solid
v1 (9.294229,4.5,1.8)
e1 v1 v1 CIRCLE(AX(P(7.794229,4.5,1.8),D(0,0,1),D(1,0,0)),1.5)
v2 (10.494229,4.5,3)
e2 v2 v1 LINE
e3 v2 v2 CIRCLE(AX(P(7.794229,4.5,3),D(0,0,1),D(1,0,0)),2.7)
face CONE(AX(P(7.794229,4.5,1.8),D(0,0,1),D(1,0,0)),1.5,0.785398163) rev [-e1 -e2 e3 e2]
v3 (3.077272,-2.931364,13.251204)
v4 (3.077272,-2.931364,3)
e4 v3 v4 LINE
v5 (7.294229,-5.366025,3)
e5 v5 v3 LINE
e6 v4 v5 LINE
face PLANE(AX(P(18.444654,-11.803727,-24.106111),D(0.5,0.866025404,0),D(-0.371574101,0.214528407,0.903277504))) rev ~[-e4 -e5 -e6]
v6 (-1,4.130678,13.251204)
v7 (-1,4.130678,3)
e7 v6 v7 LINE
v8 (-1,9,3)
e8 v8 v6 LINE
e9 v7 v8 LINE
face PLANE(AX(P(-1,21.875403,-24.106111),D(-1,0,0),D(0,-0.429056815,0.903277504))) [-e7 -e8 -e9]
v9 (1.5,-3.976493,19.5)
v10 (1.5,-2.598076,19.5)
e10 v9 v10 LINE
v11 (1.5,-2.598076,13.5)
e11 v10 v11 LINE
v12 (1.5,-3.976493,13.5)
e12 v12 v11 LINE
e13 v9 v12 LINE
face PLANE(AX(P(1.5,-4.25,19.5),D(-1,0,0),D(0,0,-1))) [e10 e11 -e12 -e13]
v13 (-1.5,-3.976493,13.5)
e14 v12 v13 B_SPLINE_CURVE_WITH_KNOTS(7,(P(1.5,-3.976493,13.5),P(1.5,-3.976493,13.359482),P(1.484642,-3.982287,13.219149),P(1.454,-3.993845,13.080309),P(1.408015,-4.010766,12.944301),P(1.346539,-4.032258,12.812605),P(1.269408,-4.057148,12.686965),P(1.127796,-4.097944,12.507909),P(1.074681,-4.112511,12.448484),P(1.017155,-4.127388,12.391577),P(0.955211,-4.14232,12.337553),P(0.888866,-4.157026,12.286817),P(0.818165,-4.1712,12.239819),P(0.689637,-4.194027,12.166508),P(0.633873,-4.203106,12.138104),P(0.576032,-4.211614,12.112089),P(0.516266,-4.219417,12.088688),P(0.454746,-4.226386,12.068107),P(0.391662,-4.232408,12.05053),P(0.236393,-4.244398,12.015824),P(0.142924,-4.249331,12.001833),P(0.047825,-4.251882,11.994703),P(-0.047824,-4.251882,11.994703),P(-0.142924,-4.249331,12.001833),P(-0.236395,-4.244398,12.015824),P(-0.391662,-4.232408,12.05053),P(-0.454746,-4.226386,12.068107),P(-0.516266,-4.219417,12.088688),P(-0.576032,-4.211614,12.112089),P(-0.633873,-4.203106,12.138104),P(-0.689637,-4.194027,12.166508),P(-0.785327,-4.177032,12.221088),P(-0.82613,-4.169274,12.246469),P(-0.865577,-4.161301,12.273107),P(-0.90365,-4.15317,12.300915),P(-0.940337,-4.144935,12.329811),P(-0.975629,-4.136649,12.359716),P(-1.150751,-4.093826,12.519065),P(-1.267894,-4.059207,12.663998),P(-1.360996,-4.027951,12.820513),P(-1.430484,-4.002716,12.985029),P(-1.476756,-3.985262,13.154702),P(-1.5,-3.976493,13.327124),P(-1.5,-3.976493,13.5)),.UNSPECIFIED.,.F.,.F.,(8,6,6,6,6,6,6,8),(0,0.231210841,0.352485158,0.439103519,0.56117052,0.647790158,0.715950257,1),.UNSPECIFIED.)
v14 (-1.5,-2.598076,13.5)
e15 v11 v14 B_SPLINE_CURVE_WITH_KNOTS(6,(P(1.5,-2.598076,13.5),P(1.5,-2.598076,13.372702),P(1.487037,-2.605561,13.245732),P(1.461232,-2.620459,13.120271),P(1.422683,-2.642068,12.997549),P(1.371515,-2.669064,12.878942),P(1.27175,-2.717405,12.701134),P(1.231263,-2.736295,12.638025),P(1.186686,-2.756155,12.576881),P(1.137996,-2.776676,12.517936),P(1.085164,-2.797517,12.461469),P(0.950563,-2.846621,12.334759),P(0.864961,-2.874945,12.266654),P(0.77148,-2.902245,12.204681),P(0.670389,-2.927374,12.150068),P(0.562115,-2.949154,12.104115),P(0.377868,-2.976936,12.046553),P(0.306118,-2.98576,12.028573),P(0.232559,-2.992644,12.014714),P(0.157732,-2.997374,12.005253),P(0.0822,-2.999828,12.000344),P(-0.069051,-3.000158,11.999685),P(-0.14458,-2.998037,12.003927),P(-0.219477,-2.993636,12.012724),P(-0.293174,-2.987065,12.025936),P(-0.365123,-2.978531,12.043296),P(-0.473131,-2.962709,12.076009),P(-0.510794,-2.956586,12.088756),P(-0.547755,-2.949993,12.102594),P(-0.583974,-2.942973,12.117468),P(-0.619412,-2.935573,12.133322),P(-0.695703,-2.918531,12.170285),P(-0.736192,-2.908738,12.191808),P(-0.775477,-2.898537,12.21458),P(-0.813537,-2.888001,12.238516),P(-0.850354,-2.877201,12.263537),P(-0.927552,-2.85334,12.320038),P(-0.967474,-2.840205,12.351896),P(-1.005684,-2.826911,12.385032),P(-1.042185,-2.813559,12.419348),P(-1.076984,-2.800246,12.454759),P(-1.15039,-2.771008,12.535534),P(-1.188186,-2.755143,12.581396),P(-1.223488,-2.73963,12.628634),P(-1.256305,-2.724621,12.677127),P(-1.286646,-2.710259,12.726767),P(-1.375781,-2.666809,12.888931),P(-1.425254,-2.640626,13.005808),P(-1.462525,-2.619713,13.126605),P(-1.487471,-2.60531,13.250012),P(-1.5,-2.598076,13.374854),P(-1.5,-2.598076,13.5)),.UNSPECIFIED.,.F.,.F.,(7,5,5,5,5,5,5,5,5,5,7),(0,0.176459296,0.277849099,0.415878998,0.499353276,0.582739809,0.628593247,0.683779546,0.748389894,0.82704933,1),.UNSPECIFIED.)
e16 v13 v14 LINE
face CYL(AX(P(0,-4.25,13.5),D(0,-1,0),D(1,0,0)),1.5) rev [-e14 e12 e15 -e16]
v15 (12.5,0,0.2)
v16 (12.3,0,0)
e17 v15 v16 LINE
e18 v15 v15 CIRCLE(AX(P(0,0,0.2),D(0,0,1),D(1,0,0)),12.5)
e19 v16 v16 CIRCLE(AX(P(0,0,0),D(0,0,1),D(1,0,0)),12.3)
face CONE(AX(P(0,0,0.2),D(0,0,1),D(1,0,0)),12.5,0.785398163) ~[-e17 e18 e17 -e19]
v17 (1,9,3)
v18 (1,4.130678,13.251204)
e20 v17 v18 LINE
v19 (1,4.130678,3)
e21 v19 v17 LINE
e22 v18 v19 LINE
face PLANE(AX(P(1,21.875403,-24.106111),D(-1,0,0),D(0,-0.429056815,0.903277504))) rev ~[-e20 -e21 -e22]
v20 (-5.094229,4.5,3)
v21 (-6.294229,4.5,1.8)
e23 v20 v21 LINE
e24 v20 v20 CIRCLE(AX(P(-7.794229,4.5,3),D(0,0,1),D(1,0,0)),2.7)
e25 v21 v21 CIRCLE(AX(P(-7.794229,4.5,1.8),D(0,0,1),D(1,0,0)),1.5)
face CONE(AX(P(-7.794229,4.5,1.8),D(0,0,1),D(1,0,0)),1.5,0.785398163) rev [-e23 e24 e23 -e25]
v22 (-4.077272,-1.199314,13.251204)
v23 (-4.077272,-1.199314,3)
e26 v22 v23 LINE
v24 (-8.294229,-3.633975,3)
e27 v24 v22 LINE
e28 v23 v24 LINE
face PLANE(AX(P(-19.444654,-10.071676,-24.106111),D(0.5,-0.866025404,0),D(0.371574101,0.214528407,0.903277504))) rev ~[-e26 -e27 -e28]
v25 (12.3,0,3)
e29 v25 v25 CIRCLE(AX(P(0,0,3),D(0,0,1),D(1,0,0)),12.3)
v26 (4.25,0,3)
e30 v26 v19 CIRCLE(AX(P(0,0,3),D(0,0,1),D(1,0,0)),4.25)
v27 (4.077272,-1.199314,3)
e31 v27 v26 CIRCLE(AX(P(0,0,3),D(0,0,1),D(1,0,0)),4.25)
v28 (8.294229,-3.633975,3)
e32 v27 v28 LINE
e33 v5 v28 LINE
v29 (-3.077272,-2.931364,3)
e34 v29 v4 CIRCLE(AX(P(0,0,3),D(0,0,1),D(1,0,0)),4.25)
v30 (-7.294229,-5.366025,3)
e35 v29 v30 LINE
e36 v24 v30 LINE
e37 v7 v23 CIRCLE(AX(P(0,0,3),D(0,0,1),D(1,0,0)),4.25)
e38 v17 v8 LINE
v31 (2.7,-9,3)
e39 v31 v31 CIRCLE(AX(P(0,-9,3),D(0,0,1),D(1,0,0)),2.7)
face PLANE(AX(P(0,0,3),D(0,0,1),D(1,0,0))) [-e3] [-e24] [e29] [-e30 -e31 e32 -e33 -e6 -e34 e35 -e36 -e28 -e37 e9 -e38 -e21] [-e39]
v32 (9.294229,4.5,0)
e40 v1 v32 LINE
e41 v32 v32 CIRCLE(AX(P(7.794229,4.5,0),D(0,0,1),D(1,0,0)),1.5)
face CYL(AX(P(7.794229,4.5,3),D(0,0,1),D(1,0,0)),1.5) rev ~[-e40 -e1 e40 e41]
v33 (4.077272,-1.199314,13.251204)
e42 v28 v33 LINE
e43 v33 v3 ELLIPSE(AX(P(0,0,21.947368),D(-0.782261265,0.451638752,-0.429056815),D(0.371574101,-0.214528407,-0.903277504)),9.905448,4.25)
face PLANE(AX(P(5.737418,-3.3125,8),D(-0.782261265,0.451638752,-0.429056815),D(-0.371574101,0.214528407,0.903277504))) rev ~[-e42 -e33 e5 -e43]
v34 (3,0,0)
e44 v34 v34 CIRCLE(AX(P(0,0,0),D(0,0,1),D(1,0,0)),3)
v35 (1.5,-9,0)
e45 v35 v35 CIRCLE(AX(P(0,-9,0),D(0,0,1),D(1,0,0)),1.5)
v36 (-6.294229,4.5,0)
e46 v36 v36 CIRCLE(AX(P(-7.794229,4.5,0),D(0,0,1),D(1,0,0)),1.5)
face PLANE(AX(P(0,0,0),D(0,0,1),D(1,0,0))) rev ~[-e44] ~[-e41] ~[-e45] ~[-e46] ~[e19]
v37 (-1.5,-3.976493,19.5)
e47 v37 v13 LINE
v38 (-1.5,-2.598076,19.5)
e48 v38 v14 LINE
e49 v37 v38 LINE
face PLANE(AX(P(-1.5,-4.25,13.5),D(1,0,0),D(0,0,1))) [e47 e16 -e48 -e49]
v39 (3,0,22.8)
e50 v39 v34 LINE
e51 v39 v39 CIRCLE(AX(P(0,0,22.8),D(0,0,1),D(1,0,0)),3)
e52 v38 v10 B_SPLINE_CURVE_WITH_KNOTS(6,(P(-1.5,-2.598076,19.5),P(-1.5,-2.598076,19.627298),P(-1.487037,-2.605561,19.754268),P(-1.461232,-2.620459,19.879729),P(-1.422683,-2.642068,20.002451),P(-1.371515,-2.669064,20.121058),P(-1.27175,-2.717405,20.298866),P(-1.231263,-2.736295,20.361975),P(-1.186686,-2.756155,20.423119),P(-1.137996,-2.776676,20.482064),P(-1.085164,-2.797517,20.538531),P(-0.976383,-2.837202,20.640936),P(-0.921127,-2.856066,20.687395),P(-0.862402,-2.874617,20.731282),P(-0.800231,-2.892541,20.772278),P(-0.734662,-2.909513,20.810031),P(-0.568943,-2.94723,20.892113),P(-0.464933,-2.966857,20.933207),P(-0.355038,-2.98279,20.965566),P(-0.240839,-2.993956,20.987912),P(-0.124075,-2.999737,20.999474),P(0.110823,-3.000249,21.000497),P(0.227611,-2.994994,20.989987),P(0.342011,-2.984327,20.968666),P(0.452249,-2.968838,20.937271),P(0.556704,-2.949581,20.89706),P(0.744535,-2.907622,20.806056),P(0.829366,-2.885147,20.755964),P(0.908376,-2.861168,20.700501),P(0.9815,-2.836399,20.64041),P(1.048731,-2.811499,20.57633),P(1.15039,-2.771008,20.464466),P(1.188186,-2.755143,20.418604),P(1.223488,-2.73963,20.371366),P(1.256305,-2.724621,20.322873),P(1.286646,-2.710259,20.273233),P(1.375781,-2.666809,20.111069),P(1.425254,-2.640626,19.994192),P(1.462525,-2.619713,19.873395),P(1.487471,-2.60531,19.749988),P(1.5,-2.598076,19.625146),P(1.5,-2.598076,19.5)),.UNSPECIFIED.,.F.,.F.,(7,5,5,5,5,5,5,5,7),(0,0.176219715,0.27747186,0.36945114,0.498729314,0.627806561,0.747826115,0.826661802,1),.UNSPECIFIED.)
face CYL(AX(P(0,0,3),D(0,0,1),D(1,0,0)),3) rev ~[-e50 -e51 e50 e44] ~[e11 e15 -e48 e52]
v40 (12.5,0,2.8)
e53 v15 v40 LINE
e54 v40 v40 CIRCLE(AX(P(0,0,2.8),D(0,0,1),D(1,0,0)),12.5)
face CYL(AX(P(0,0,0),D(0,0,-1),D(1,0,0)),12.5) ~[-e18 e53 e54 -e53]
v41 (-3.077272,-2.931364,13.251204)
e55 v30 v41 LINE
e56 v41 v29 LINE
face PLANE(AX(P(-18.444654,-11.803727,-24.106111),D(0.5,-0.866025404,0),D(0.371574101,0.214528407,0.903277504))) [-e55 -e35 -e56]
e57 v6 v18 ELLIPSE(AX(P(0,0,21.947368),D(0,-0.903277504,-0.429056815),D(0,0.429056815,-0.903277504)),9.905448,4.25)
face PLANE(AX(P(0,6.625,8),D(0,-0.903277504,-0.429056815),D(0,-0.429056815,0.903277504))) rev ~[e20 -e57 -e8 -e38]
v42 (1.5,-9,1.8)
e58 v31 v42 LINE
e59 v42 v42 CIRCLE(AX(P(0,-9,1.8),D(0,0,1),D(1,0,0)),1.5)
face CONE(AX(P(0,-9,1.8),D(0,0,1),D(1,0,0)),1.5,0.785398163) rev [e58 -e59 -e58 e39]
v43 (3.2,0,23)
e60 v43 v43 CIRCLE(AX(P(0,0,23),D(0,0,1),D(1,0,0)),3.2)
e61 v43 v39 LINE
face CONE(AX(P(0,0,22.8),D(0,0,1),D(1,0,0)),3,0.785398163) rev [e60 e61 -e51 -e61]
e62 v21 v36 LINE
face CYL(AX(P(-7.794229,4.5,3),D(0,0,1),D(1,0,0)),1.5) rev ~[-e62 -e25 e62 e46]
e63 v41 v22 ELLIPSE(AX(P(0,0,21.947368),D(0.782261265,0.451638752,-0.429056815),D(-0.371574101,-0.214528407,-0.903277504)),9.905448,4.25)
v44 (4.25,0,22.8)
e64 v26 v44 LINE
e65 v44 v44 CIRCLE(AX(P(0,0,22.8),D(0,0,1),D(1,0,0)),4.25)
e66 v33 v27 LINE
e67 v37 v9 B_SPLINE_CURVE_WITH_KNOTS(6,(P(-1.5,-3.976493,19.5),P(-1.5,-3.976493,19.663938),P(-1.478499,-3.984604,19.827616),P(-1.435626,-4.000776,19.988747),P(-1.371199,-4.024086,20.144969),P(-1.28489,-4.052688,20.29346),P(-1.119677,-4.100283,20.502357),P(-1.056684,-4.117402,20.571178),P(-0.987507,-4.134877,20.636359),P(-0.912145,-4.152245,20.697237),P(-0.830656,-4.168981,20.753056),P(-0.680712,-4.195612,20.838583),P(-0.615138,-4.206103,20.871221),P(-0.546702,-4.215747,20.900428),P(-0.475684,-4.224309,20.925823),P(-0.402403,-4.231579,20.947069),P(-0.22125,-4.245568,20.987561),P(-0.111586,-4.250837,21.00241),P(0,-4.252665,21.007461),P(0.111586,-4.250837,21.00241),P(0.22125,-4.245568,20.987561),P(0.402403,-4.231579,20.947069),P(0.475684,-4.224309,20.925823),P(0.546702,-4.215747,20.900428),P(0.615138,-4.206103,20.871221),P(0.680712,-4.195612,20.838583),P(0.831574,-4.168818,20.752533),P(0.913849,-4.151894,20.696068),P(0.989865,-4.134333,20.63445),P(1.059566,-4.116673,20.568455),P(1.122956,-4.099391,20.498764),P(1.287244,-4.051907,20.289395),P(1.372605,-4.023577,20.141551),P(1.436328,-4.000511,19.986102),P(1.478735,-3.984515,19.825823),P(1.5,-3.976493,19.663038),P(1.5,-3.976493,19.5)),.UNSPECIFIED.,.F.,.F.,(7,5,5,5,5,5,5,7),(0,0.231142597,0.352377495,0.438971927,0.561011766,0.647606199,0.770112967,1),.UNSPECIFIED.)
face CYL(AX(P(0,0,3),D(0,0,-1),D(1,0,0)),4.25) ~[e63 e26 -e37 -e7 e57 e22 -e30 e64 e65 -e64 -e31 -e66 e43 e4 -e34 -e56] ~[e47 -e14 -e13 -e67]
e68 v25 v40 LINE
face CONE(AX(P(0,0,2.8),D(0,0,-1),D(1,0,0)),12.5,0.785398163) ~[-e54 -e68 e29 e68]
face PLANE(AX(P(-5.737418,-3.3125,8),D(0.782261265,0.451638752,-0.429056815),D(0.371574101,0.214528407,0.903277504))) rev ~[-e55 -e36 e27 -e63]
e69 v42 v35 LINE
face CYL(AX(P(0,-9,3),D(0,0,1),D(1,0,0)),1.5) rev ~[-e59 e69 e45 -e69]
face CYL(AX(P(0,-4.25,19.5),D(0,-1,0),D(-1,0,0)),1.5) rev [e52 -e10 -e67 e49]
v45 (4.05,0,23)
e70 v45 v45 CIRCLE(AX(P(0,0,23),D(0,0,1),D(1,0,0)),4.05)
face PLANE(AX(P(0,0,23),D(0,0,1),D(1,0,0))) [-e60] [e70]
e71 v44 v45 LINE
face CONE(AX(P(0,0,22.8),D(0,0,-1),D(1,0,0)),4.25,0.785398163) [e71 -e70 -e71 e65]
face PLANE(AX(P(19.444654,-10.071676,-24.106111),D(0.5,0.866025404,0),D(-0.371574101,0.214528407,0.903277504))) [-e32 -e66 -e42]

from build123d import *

# Parameters (mm, degrees)
SKETCH1_R               = 12.5
BOSS_EXTRUDE1_DEPTH     = 3
SKETCH2_R               = 4.25
SKETCH2_R_2             = 3
BOSS_EXTRUDE2_DEPTH     = 20
CUT_EXTRUDE2_REACH      = 28.693
SKETCH7_R               = 1.5
CHAMFER3_SIZE           = 1.2
CUT_EXTRUDE4_REACH      = 33.078
CUT_EXTRUDE4_END_RADIUS = 3
CUT_EXTRUDE5_REACH      = 28.693
SKETCH10_R              = 3
RIB3_REACH              = 31.009
SKETCH13_WALL_W         = 71.088033888
SKETCH13_WALL_H         = 2
CIRPATTERN3_COUNT       = 3
CHAMFER8_SIZE           = 0.2


with BuildPart() as part:
    # Sketch1 → Boss-Extrude1 (new body)
    with BuildSketch(Plane.XY):
        Circle(SKETCH1_R)
    extrude(amount=BOSS_EXTRUDE1_DEPTH)

    # Sketch2 → Boss-Extrude2 (add)
    with BuildSketch(Plane.XY.offset(3)):
        Circle(SKETCH2_R)
        Circle(SKETCH2_R_2, mode=Mode.SUBTRACT)
    extrude(amount=BOSS_EXTRUDE2_DEPTH)

    # Sketch7 → Cut-Extrude2 (cut, up to next)
    with BuildSketch(Plane.XY.offset(3), mode=Mode.PRIVATE) as cut_extrude2_sk1:
        with Locations((7.794228634, 4.5)):
            Circle(SKETCH7_R)
    cut_extrude2_tool1 = extrude(cut_extrude2_sk1.sketch, amount=-CUT_EXTRUDE2_REACH, mode=Mode.PRIVATE) & part.part
    # Sketch7 → Cut-Extrude2 (cut, up to next)
    with BuildSketch(Plane.XY.offset(3), mode=Mode.PRIVATE) as cut_extrude2_sk2:
        with Locations((0, -9)):
            Circle(SKETCH7_R)
    cut_extrude2_tool2 = extrude(cut_extrude2_sk2.sketch, amount=-CUT_EXTRUDE2_REACH, mode=Mode.PRIVATE) & part.part
    # Sketch7 → Cut-Extrude2 (cut, up to next)
    with BuildSketch(Plane.XY.offset(3), mode=Mode.PRIVATE) as cut_extrude2_sk3:
        with Locations((-7.794228634, 4.5)):
            Circle(SKETCH7_R)
    cut_extrude2_tool3 = extrude(cut_extrude2_sk3.sketch, amount=-CUT_EXTRUDE2_REACH, mode=Mode.PRIVATE) & part.part
    add(cut_extrude2_tool1.solids().sort_by_distance((7.794229, 4.5, 3))[0], mode=Mode.SUBTRACT)
    add(cut_extrude2_tool2.solids().sort_by_distance((0, -9, 3))[0], mode=Mode.SUBTRACT)
    add(cut_extrude2_tool3.solids().sort_by_distance((-7.794229, 4.5, 3))[0], mode=Mode.SUBTRACT)

    # Chamfer3
    chamfer3_edges = [part.edges().sort_by_distance(p)[0] for p in [
        (6.294228634, 4.5, 3),
        (-1.5, -9, 3),
        (-9.294228634, 4.5, 3),
    ]]
    chamfer(chamfer3_edges, length=CHAMFER3_SIZE)

    # Cut-Extrude4: up to this cylinder (the profile starts outside it)
    cut_extrude4_end = Plane(origin=(0, 0, 16.5), z_dir=(0, 0, -1)) * Cylinder(CUT_EXTRUDE4_END_RADIUS, 73.156, mode=Mode.PRIVATE)
    # Sketch9 → Cut-Extrude4 (cut, up to the surface)
    with BuildSketch(Plane(origin=(0, -4.25, 0), x_dir=(1, 0, 0), z_dir=(0, 1, 0)), mode=Mode.PRIVATE) as cut_extrude4_sk1:
        with BuildLine():
            Line((-1.5, -13.5), (-1.5, -19.5))
            ThreePointArc((-1.5, -19.5), (0, -21), (1.5, -19.5))
            Line((1.5, -19.5), (1.5, -13.5))
            ThreePointArc((1.5, -13.5), (0, -12), (-1.5, -13.5))
        make_face()
    cut_extrude4_tool1 = extrude(cut_extrude4_sk1.sketch, amount=CUT_EXTRUDE4_REACH, mode=Mode.PRIVATE) - cut_extrude4_end
    add(cut_extrude4_tool1.solids().sort_by_distance((0, -4.25, 16.5))[0], mode=Mode.SUBTRACT)

    # Sketch10 → Cut-Extrude5 (cut, up to next)
    with BuildSketch(Plane.XY.offset(3), mode=Mode.PRIVATE) as cut_extrude5_sk1:
        Circle(SKETCH10_R)
    cut_extrude5_tool1 = extrude(cut_extrude5_sk1.sketch, amount=-CUT_EXTRUDE5_REACH, mode=Mode.PRIVATE) & part.part
    add(cut_extrude5_tool1.solids().sort_by_distance((0, 0, 3))[0], mode=Mode.SUBTRACT)

    # Sketch13 wall → Rib3 (add, up to next)
    with BuildSketch(Plane(origin=(0, 6.625, 8), x_dir=(0, -0.429056814568, 0.903277504354), z_dir=(0, -0.903277504354, -0.429056814568)), mode=Mode.PRIVATE) as rib3_sk1:
        Rectangle(SKETCH13_WALL_W, SKETCH13_WALL_H)
    rib3_tool1 = extrude(rib3_sk1.sketch, amount=RIB3_REACH, mode=Mode.PRIVATE) - part.part
    rib3 = rib3_tool1.solids().sort_by_distance((0, 6.625, 8))[0]
    add(rib3)

    # CirPattern3: Rib3 ×3 about axis
    cirpattern3_axis = Axis((0, 0, 0), (0, 0, 1))
    for i in range(1, CIRPATTERN3_COUNT):
        add(rib3.rotate(cirpattern3_axis, i * 360 / CIRPATTERN3_COUNT))

    # Chamfer8
    chamfer8_edges = [part.edges().sort_by_distance(p)[0] for p in [
        (-12.5, 0, 0),
        (-12.5, 0, 3),
        (-4.25, 0, 23),
        (-3, 0, 23),
    ]]
    chamfer(chamfer8_edges, length=CHAMFER8_SIZE)


solid = part.part
